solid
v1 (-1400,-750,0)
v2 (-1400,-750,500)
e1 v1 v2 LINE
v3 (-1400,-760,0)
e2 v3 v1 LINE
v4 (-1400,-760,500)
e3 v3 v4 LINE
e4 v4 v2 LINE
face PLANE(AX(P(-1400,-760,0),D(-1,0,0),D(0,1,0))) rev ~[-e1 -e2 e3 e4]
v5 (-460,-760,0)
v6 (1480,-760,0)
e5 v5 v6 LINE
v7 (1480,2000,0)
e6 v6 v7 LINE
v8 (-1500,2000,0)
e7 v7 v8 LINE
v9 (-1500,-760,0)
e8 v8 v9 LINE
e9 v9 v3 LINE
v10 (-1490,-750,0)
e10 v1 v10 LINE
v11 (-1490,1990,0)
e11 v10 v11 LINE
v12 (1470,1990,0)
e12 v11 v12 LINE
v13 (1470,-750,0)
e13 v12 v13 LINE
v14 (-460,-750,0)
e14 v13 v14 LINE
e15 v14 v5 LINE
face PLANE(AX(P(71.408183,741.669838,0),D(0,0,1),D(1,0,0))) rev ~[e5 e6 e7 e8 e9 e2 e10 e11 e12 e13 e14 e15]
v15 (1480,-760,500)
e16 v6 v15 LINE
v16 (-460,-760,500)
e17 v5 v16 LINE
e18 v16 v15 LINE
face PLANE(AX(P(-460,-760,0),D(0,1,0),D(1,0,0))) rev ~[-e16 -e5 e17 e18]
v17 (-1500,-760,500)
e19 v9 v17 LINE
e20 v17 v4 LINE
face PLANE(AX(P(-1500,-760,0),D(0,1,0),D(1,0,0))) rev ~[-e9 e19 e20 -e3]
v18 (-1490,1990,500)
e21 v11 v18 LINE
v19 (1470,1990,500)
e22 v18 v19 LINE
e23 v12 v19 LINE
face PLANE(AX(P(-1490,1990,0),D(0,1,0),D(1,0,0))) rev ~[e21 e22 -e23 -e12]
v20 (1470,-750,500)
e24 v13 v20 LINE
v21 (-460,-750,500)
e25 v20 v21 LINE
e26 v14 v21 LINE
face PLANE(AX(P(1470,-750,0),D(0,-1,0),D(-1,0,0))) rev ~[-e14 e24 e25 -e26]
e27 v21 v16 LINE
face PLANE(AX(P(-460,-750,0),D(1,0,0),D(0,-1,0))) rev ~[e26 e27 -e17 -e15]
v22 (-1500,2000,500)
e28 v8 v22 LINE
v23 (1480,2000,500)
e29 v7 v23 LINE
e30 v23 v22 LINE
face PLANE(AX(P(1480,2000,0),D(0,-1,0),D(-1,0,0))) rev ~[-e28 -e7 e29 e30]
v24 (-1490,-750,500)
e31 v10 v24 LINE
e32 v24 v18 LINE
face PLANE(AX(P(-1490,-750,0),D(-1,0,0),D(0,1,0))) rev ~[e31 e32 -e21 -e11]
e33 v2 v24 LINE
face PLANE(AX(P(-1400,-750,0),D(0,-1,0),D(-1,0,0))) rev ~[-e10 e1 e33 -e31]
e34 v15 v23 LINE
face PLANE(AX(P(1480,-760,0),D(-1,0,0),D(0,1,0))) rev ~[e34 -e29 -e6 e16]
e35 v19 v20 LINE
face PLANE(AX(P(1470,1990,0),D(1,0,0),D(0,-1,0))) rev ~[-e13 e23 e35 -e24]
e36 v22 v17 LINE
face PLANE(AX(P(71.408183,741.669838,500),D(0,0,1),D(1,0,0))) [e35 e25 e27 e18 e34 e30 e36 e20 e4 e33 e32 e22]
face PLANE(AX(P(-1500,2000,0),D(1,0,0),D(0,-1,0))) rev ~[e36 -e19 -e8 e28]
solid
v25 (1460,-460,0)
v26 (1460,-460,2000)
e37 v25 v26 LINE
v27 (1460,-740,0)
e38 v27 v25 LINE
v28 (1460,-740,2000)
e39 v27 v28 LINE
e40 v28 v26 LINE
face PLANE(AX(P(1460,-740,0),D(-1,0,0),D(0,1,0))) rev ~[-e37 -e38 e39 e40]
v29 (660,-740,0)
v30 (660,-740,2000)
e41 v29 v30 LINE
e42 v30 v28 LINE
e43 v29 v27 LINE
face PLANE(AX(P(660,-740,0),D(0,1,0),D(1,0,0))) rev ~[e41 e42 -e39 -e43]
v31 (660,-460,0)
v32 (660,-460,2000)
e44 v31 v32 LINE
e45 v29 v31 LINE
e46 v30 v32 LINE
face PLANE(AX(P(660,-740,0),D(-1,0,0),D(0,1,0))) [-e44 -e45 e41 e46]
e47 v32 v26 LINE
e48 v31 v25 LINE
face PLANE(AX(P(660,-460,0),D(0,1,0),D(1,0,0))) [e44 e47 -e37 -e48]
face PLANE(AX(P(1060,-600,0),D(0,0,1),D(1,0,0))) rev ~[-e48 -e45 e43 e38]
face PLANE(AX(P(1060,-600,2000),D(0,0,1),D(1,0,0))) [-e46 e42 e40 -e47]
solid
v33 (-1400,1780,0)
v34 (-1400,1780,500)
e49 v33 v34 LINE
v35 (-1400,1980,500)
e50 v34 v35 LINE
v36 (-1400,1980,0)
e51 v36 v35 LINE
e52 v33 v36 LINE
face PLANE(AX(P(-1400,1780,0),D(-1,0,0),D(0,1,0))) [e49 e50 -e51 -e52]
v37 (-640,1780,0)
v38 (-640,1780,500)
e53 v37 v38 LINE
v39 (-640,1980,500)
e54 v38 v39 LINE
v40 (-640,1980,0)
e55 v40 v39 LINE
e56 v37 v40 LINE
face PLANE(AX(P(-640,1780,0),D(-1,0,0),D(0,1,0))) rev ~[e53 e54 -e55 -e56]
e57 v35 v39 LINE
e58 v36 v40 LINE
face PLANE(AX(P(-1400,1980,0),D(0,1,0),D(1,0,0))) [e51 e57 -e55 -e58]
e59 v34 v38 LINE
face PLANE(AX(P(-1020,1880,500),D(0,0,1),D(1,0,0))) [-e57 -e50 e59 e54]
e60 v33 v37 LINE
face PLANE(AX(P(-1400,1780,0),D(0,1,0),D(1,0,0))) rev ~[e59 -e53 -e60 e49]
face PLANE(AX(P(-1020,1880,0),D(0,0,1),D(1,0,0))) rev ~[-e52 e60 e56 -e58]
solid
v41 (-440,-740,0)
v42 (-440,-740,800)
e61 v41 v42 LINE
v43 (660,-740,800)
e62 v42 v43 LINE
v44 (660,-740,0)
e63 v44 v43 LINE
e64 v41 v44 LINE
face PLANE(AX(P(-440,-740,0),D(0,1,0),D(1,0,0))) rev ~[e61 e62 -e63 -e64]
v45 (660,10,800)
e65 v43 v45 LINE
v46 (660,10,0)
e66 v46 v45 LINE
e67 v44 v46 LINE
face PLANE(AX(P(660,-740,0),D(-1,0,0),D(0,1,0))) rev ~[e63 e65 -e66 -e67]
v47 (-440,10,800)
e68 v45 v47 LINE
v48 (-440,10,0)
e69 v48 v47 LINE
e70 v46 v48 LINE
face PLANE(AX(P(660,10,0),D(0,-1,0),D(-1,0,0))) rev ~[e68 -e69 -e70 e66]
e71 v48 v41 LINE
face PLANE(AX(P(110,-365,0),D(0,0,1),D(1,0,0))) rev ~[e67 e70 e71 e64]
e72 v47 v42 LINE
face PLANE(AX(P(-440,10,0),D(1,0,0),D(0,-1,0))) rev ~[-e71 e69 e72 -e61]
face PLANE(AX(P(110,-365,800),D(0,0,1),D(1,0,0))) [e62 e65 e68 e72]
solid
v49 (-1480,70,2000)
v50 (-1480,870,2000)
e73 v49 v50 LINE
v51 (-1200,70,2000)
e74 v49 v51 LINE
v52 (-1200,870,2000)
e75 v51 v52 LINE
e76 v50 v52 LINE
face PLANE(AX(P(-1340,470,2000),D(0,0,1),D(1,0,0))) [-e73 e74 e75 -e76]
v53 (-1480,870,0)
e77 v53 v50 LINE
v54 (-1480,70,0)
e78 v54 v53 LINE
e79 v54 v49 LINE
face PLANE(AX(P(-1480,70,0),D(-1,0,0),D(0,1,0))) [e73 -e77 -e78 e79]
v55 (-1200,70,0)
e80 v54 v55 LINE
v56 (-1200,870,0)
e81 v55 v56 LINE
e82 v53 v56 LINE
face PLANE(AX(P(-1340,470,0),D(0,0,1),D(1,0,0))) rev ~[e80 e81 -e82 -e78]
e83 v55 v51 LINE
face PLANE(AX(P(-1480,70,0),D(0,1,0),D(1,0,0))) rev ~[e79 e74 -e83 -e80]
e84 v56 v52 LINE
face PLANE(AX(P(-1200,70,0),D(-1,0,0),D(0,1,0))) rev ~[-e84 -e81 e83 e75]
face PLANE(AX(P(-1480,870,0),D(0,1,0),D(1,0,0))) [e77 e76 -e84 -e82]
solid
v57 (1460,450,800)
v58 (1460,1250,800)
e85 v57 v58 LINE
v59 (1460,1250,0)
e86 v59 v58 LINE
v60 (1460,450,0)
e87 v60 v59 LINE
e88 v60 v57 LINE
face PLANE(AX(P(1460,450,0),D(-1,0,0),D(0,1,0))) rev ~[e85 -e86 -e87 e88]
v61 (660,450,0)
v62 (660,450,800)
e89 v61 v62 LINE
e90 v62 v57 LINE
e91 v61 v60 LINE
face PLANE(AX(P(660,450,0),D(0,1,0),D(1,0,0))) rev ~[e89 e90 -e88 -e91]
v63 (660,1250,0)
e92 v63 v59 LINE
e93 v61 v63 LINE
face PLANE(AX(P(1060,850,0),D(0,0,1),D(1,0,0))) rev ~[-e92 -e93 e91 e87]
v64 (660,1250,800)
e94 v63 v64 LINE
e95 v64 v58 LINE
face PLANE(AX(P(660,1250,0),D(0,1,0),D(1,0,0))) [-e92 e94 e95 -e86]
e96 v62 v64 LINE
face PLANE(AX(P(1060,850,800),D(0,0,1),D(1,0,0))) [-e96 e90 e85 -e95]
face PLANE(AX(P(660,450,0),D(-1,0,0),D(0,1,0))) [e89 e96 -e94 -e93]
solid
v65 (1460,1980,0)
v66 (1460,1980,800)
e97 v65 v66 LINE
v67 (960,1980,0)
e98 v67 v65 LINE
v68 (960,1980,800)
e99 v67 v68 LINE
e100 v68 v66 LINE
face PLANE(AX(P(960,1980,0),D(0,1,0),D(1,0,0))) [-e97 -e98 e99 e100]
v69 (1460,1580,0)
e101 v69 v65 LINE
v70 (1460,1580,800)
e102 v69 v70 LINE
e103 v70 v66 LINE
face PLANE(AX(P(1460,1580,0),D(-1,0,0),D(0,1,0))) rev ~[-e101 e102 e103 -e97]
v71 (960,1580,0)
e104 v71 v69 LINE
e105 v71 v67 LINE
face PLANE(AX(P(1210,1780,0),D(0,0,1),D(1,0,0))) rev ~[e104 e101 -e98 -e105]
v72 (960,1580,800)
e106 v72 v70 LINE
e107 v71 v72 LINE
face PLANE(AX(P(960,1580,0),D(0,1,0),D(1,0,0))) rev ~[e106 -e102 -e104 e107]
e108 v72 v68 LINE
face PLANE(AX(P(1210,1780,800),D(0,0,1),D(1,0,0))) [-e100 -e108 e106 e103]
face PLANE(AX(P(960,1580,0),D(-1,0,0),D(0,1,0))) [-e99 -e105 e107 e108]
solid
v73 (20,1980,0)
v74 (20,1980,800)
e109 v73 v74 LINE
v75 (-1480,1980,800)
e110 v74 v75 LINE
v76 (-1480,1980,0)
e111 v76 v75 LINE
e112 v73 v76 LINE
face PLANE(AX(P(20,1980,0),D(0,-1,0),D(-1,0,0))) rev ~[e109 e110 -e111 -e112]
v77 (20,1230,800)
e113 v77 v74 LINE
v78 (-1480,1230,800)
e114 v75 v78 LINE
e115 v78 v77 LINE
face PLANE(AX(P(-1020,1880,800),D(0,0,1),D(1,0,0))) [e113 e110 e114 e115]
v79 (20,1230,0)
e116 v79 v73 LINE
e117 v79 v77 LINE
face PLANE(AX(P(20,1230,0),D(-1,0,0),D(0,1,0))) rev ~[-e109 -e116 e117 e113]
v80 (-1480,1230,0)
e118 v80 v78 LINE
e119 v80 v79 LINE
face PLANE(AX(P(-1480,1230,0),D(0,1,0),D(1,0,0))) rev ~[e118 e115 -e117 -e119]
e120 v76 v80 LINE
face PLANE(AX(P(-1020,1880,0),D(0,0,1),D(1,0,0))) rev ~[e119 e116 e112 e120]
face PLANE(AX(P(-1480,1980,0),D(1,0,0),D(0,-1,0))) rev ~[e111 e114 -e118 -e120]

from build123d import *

# Parameters (mm, degrees)
F1_DEPTH = 500
F0_W     = 280
F0_H     = 800
F2_DEPTH = 2000
F0_W_2   = 760
F0_H_2   = 200
F3_DEPTH = 500
F4_DEPTH = 800
F5_DEPTH = 800
F0_W_3   = 800
F0_H_3   = 280
F6_DEPTH = 2000
F7_DEPTH = 800
F0_W_4   = 500
F0_H_4   = 400
F8_DEPTH = 800


with BuildPart() as f1:
    # F0 (on Top) → F1 (new body)
    with BuildSketch(Plane.XY):
        Polygon((-1490, -750), (-1490, 1990), (1470, 1990), (1470, -750), (-460, -750), (-460, -760), (1480, -760), (1480, 2000), (-1500, 2000), (-1500, -760), (-1400, -760), (-1400, -750), align=None)
    extrude(amount=F1_DEPTH)


with BuildPart() as f2:
    # F0 (on Top) → F2 (new body)
    with BuildSketch(Plane.XY):
        with Locations((-1340, 470)):
            Rectangle(F0_W, F0_H)
    extrude(amount=F2_DEPTH)


with BuildPart() as f3:
    # F0 (on Top) → F3 (new body)
    with BuildSketch(Plane.XY):
        with Locations((-1020, 1880)):
            Rectangle(F0_W_2, F0_H_2)
    extrude(amount=F3_DEPTH)


with BuildPart() as f4:
    # F0 (on Top) → F4 (new body)
    with BuildSketch(Plane.XY):
        with Locations((-1020, 1880)):
            Rectangle(F0_W_2, F0_H_2)
        Polygon((-1400, 1780), (-1400, 1980), (-1480, 1980), (-1480, 1230), (20, 1230), (20, 1980), (-640, 1980), (-640, 1780), align=None)
    extrude(amount=F4_DEPTH)


with BuildPart() as f5:
    # F0 (on Top) → F5 (new body)
    with BuildSketch(Plane.XY):
        Polygon((660, -740), (660, -460), (660, 10), (-440, 10), (-440, -740), align=None)
    extrude(amount=F5_DEPTH)


with BuildPart() as f6:
    # F0 (on Top) → F6 (new body)
    with BuildSketch(Plane.XY):
        with Locations((1060, -600)):
            Rectangle(F0_W_3, F0_H_3)
    extrude(amount=F6_DEPTH)


with BuildPart() as f7:
    # F0 (on Top) → F7 (new body)
    with BuildSketch(Plane.XY):
        with Locations((1060, 850)):
            Rectangle(F0_W_3, F0_H)
    extrude(amount=F7_DEPTH)


with BuildPart() as f8:
    # F0 (on Top) → F8 (new body)
    with BuildSketch(Plane.XY):
        with Locations((1210, 1780)):
            Rectangle(F0_W_4, F0_H_4)
    extrude(amount=F8_DEPTH)


solid = Compound([f1.part, f2.part, f3.part, f4.part, f5.part, f6.part, f7.part, f8.part])
